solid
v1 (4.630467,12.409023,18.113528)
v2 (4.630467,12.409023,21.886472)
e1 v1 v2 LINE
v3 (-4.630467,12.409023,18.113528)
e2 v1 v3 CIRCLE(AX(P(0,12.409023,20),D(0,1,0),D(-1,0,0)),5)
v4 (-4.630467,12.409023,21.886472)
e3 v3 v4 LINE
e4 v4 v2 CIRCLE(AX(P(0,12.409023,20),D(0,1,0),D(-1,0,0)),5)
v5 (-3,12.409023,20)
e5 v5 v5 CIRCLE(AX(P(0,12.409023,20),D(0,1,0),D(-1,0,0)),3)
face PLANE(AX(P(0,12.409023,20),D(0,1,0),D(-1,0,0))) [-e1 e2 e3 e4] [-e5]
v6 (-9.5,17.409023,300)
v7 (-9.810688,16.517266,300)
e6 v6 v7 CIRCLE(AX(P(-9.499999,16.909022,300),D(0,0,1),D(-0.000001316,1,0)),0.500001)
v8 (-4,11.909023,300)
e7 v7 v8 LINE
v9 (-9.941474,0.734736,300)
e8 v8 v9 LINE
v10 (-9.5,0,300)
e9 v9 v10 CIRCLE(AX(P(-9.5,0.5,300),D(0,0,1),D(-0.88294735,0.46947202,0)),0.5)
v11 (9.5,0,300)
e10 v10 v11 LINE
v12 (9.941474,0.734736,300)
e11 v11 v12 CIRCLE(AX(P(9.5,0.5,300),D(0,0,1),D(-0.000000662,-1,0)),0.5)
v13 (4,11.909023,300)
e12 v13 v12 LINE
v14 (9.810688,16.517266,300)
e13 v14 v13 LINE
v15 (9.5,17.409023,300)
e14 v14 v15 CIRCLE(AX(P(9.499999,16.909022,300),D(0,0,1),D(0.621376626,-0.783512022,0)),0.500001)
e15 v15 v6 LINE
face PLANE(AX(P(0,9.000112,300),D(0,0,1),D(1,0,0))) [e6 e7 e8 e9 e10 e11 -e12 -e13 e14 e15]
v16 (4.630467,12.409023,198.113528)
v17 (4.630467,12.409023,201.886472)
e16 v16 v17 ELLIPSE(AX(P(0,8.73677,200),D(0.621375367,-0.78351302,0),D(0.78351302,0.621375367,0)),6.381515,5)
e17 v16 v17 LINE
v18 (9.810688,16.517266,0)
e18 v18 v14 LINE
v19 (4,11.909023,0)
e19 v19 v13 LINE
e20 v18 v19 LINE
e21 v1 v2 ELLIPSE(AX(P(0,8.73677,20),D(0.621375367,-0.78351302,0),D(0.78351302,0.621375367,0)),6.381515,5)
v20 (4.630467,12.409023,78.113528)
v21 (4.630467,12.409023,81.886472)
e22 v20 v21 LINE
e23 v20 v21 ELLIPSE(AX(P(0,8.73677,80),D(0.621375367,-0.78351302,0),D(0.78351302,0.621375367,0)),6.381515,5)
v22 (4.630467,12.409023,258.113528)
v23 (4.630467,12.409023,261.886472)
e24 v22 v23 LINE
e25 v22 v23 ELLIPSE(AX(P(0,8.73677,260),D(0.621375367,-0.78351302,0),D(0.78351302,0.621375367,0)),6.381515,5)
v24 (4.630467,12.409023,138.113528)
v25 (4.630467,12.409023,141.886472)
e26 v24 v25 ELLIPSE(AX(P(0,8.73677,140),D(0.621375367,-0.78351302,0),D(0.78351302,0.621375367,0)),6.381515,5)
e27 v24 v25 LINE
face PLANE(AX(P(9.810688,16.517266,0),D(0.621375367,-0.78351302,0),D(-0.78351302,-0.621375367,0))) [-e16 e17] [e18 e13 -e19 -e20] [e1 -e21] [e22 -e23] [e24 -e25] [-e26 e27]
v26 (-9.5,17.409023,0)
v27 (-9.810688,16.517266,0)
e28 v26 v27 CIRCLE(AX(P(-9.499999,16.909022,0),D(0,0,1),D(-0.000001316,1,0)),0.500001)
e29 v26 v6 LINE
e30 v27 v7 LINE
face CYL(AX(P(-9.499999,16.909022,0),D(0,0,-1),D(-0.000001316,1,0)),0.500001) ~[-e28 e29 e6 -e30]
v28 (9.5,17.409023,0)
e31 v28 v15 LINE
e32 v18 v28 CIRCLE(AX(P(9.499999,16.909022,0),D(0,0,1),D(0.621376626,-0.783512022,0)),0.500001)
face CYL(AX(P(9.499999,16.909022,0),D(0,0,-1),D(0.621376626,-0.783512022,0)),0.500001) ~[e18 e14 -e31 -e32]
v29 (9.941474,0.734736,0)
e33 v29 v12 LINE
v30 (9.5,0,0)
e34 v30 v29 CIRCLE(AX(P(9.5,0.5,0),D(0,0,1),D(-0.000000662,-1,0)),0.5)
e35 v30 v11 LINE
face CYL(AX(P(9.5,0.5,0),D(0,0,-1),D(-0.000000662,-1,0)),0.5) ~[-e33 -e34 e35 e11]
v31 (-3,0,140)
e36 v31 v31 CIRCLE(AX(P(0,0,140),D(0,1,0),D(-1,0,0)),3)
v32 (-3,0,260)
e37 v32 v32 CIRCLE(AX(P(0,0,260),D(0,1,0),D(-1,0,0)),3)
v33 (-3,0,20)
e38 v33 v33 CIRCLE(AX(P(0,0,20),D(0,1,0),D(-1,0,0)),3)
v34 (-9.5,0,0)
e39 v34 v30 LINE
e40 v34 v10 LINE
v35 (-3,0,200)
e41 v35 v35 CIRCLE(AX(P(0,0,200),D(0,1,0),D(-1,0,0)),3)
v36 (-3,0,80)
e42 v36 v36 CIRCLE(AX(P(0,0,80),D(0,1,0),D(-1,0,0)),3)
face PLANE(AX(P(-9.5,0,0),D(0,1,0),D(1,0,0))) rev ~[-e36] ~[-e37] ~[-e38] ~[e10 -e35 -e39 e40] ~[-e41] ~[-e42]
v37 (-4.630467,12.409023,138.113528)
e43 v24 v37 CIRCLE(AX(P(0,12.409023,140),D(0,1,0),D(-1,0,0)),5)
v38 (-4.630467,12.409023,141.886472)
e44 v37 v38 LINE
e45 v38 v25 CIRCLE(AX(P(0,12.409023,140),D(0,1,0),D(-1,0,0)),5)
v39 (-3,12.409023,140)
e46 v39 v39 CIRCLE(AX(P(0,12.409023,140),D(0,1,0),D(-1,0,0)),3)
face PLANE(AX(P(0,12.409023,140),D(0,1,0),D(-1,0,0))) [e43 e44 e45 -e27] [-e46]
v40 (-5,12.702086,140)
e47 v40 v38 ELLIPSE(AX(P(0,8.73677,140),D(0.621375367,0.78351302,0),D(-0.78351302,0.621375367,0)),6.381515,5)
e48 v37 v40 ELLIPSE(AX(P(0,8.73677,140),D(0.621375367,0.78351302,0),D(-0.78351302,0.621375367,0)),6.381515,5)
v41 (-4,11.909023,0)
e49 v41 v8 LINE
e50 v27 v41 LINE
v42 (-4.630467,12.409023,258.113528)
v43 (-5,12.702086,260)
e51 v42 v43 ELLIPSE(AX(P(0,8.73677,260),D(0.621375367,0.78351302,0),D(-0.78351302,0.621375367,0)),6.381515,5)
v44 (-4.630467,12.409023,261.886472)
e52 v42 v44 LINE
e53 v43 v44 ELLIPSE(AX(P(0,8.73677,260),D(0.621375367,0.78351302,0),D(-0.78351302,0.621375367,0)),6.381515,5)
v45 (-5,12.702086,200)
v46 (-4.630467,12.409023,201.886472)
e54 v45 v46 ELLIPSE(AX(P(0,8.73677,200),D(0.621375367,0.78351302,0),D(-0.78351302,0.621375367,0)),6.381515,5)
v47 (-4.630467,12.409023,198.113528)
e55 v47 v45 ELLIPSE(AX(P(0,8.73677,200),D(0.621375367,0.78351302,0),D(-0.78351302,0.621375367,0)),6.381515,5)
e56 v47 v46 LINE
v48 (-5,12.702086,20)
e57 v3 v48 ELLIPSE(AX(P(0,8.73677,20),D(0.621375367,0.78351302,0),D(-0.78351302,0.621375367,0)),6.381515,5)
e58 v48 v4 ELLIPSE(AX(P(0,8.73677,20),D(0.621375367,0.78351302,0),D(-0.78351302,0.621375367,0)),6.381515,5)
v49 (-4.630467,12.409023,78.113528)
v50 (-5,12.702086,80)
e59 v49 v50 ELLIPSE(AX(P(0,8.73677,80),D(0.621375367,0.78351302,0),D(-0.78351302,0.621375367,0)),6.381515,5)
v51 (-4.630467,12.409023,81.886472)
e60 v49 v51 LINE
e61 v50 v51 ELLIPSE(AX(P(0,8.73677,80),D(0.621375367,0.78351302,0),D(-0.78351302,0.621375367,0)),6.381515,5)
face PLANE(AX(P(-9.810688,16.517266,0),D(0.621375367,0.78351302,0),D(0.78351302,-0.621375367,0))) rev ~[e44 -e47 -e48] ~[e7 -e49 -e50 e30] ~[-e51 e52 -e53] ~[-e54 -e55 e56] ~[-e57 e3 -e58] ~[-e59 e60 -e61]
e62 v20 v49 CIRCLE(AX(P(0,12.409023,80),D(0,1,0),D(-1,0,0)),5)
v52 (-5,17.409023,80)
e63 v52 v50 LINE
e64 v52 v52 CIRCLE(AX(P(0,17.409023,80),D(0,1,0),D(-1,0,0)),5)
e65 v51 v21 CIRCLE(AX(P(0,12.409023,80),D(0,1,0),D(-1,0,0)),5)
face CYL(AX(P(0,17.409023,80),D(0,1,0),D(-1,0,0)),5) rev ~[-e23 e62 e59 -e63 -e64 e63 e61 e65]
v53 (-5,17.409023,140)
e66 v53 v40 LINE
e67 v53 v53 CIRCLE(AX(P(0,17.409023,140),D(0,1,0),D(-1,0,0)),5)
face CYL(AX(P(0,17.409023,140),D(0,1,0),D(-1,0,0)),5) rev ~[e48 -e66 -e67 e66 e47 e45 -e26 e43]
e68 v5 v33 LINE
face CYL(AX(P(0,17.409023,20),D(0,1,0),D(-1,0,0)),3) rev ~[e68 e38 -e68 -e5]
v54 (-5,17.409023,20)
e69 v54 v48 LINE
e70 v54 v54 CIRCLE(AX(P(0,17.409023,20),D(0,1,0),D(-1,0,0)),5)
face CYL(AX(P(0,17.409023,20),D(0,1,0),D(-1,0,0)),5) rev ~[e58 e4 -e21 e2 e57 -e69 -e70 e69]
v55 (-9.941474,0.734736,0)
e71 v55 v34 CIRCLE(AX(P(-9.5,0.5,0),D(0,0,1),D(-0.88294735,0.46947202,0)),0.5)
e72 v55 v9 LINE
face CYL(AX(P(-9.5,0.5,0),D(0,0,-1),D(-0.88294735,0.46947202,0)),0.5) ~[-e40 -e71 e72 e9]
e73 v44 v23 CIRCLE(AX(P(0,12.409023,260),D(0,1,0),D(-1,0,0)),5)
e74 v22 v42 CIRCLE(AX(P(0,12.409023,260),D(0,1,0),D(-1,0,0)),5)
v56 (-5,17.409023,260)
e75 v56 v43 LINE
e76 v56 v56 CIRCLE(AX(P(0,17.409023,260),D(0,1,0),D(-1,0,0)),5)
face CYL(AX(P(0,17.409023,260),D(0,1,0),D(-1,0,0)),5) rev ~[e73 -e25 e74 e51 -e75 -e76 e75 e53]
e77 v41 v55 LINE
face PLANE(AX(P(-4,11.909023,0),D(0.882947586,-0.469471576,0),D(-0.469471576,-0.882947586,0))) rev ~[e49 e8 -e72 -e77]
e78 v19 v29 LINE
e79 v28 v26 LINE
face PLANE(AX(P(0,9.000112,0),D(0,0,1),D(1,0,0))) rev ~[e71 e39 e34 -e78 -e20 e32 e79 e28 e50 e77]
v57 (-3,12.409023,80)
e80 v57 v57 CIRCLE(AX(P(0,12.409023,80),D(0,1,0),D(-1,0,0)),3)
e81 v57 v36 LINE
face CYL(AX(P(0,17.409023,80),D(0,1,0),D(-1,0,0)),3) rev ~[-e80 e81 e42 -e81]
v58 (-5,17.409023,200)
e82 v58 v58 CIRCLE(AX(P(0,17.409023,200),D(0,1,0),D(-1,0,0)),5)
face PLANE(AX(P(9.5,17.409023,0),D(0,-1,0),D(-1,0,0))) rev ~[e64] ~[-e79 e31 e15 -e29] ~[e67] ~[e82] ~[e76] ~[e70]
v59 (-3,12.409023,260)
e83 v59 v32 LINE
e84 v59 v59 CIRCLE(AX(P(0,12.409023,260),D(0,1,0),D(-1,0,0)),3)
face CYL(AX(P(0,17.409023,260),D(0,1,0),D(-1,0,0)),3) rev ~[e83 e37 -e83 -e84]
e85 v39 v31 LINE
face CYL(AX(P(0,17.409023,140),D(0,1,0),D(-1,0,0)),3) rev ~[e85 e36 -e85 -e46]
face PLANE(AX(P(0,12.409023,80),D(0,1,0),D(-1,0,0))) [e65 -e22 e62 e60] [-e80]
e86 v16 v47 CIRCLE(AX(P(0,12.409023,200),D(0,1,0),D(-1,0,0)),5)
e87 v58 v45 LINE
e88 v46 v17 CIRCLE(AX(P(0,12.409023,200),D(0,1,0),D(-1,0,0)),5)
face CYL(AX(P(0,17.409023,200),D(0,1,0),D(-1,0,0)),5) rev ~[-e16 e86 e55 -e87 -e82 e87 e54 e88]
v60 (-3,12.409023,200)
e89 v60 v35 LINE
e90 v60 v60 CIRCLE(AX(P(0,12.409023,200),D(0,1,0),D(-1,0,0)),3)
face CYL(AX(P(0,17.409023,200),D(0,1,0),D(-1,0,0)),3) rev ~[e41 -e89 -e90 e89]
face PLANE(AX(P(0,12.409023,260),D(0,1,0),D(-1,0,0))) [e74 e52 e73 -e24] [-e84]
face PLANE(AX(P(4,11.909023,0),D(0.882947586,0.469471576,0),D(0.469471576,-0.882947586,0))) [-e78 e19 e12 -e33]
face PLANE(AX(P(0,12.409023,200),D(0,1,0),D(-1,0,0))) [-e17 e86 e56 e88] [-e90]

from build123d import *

# Parameters (mm, degrees)
PAD_DEPTH       = 300
SKETCH001_R     = 3
POCKET_DEPTH    = 17.410023
SKETCH002_R     = 5
POCKET001_DEPTH = 5


with BuildPart() as part:
    # Sketch → Pad (new body)
    with BuildSketch(Plane.XY):
        with BuildLine():
            Line((-9.5, 0), (9.5, 0))
            ThreePointArc((9.5, 0), (9.928584, 0.242481), (9.941474, 0.734736))
            Line((4, 11.909023), (9.941474, 0.734736))
            Line((9.810688, 16.517266), (4, 11.909023))
            ThreePointArc((9.810688, 16.517266), (9.972164, 17.073525), (9.5, 17.409023))
            Line((9.5, 17.409023), (-9.5, 17.409023))
            ThreePointArc((-9.5, 17.409023), (-9.972164, 17.073525), (-9.810688, 16.517266))
            Line((-9.810688, 16.517266), (-4, 11.909023))
            Line((-4, 11.909023), (-9.941474, 0.734736))
            ThreePointArc((-9.941474, 0.734736), (-9.928584, 0.242481), (-9.5, 0))
        make_face()
    extrude(amount=PAD_DEPTH)

    # Sketch001 (on Face2 of Pad) → Pocket (cut, through all)
    with BuildSketch(Plane(origin=(0, 17.409023, 0), x_dir=(-1, 0, 0), z_dir=(0, 1, 0))):
        with Locations((0, 20)):
            Circle(SKETCH001_R)
        with Locations((0, 80)):
            Circle(SKETCH001_R)
        with Locations((0, 140)):
            Circle(SKETCH001_R)
        with Locations((0, 200)):
            Circle(SKETCH001_R)
        with Locations((0, 260)):
            Circle(SKETCH001_R)
    extrude(amount=-POCKET_DEPTH, mode=Mode.SUBTRACT)

    # Sketch002 (on Face3 of Pocket) → Pocket001 (cut)
    with BuildSketch(Plane(origin=(0, 17.409023, 0), x_dir=(-1, 0, 0), z_dir=(0, 1, 0))):
        with Locations((0, 260)):
            Circle(SKETCH002_R)
        with Locations((0, 200)):
            Circle(SKETCH002_R)
        with Locations((0, 140)):
            Circle(SKETCH002_R)
        with Locations((0, 80)):
            Circle(SKETCH002_R)
        with Locations((0, 20)):
            Circle(SKETCH002_R)
    extrude(amount=-POCKET001_DEPTH, mode=Mode.SUBTRACT)


solid = part.part
